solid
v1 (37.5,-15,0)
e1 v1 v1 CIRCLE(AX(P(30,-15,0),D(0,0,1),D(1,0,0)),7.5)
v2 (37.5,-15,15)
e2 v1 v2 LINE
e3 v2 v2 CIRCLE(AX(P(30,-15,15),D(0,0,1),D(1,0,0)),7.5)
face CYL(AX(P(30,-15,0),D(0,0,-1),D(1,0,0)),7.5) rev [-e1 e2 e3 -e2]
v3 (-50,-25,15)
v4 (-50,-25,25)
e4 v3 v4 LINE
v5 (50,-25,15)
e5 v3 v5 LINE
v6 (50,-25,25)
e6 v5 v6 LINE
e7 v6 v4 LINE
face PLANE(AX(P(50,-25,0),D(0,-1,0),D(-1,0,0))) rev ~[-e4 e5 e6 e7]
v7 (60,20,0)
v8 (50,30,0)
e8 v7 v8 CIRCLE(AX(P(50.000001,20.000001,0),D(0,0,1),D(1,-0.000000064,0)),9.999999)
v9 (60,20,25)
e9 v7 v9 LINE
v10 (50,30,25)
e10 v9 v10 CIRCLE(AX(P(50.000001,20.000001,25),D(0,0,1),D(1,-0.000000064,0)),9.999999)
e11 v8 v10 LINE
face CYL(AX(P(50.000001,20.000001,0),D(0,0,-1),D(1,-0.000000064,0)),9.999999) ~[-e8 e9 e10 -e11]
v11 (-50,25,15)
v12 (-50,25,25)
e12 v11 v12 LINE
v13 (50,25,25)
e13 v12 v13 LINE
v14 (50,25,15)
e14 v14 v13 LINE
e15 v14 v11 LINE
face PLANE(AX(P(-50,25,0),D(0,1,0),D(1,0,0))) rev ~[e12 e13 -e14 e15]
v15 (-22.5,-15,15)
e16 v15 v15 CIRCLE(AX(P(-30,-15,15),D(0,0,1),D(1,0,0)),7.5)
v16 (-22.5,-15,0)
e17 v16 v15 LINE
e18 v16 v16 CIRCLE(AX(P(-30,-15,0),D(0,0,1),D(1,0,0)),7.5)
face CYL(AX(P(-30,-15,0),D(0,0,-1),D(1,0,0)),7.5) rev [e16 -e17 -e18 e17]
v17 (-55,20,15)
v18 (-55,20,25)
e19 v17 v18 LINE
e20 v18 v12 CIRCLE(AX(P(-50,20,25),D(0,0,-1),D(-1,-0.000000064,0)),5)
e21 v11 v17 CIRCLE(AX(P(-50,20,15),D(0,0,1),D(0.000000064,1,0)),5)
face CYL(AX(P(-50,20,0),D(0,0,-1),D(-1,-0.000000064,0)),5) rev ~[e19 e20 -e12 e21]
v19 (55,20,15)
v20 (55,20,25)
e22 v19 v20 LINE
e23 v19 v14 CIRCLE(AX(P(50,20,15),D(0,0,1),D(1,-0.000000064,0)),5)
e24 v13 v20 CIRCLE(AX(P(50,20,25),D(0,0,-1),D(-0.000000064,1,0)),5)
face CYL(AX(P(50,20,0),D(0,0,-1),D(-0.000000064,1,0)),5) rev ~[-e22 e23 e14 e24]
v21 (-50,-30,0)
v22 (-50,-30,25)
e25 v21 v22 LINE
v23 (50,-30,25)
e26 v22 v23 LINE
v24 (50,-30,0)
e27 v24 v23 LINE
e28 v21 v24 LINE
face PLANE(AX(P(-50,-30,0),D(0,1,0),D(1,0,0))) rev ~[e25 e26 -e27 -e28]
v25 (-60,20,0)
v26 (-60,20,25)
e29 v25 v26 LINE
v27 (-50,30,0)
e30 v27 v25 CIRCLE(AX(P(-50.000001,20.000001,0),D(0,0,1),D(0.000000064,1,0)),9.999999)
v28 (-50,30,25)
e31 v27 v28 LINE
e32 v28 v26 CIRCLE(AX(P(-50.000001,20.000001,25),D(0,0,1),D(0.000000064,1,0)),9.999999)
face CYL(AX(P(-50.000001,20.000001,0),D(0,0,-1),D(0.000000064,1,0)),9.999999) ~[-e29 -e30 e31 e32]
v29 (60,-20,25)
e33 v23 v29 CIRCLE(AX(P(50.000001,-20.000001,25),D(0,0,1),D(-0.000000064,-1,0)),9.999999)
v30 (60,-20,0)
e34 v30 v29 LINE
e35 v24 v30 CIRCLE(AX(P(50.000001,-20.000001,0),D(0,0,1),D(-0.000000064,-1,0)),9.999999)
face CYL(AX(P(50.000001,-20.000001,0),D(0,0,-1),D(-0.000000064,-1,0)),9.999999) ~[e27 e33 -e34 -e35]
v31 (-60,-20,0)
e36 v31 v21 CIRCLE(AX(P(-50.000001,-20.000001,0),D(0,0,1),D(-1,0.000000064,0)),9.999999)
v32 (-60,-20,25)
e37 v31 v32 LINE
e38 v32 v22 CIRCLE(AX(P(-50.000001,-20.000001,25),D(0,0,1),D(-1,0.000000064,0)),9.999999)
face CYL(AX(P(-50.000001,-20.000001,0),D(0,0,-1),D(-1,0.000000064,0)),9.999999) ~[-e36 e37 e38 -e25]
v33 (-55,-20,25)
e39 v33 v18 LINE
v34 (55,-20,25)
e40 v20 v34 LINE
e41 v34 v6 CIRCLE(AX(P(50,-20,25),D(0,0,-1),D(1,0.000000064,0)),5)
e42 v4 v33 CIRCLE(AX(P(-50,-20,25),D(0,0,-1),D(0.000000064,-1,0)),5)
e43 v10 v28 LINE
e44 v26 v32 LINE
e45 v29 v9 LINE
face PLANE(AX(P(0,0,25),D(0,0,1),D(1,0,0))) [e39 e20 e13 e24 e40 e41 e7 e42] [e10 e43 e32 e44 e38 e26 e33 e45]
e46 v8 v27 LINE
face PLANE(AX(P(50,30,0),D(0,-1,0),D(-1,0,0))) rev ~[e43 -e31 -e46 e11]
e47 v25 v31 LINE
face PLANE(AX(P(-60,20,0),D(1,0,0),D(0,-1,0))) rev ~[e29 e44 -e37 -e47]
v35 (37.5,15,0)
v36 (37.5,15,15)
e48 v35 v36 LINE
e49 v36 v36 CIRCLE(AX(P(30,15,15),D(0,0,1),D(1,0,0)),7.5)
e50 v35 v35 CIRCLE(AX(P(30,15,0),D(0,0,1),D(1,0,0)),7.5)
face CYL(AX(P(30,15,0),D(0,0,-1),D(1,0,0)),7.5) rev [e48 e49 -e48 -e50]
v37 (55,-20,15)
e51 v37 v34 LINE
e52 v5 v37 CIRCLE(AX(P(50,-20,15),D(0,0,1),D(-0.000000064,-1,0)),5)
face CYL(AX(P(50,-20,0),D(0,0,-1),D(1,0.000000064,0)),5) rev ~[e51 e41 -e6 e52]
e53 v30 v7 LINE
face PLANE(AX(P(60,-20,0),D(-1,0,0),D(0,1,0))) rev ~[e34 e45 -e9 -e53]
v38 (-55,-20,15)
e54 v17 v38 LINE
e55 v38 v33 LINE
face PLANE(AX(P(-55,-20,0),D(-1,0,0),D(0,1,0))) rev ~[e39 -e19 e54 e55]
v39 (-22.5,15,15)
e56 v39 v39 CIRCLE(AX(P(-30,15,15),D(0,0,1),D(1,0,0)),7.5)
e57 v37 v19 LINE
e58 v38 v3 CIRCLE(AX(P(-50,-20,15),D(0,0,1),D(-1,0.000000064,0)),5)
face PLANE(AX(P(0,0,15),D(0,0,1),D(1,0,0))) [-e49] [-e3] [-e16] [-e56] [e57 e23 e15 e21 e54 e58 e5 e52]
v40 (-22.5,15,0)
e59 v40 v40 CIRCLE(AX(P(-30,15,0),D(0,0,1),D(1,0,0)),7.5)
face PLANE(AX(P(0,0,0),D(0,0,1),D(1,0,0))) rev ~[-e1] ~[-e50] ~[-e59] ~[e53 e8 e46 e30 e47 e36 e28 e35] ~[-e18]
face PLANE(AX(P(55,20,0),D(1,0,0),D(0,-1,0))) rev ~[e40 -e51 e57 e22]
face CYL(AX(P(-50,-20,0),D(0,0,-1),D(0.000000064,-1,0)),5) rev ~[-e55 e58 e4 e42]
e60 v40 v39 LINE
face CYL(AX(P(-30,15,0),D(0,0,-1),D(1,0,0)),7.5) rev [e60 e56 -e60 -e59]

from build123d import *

# Parameters (mm, degrees)
F1_DEPTH = 25
F0_R     = 7.5
F2_DEPTH = 15


with BuildPart() as f1:
    # F0 (on Top) → F1 (new body)
    with BuildSketch(Plane.XY):
        with BuildLine():
            ThreePointArc((-60, -20), (-57.071068, -27.071068), (-50, -30))
            Line((-50, -30), (50, -30))
            ThreePointArc((50, -30), (57.071068, -27.071068), (60, -20))
            Line((60, -20), (60, 20))
            ThreePointArc((60, 20), (57.071068, 27.071068), (50, 30))
            Line((50, 30), (-50, 30))
            ThreePointArc((-50, 30), (-57.071068, 27.071068), (-60, 20))
            Line((-60, 20), (-60, -20))
        make_face()
        with BuildLine():
            ThreePointArc((-55, 20), (-53.535534, 23.535534), (-50, 25))
            Line((-50, 25), (50, 25))
            ThreePointArc((50, 25), (53.535534, 23.535534), (55, 20))
            Line((55, 20), (55, -20))
            ThreePointArc((55, -20), (53.535534, -23.535534), (50, -25))
            Line((50, -25), (-50, -25))
            ThreePointArc((-50, -25), (-53.535534, -23.535534), (-55, -20))
            Line((-55, -20), (-55, 20))
        make_face(mode=Mode.SUBTRACT)
    extrude(amount=F1_DEPTH)

    # F0 (on Top) → F2 (join)
    with BuildSketch(Plane.XY):
        with BuildLine():
            Line((50, 25), (-50, 25))
            ThreePointArc((-50, 25), (-53.535534, 23.535534), (-55, 20))
            Line((-55, 20), (-55, -20))
            ThreePointArc((-55, -20), (-53.535534, -23.535534), (-50, -25))
            Line((-50, -25), (50, -25))
            ThreePointArc((50, -25), (53.535534, -23.535534), (55, -20))
            Line((55, -20), (55, 20))
            ThreePointArc((55, 20), (53.535534, 23.535534), (50, 25))
        make_face()
        with Locations((-30, -15)):
            Circle(F0_R, mode=Mode.SUBTRACT)
        with Locations((30, -15)):
            Circle(F0_R, mode=Mode.SUBTRACT)
        with Locations((-30, 15)):
            Circle(F0_R, mode=Mode.SUBTRACT)
        with Locations((30, 15)):
            Circle(F0_R, mode=Mode.SUBTRACT)
    extrude(amount=F2_DEPTH)


solid = f1.part
